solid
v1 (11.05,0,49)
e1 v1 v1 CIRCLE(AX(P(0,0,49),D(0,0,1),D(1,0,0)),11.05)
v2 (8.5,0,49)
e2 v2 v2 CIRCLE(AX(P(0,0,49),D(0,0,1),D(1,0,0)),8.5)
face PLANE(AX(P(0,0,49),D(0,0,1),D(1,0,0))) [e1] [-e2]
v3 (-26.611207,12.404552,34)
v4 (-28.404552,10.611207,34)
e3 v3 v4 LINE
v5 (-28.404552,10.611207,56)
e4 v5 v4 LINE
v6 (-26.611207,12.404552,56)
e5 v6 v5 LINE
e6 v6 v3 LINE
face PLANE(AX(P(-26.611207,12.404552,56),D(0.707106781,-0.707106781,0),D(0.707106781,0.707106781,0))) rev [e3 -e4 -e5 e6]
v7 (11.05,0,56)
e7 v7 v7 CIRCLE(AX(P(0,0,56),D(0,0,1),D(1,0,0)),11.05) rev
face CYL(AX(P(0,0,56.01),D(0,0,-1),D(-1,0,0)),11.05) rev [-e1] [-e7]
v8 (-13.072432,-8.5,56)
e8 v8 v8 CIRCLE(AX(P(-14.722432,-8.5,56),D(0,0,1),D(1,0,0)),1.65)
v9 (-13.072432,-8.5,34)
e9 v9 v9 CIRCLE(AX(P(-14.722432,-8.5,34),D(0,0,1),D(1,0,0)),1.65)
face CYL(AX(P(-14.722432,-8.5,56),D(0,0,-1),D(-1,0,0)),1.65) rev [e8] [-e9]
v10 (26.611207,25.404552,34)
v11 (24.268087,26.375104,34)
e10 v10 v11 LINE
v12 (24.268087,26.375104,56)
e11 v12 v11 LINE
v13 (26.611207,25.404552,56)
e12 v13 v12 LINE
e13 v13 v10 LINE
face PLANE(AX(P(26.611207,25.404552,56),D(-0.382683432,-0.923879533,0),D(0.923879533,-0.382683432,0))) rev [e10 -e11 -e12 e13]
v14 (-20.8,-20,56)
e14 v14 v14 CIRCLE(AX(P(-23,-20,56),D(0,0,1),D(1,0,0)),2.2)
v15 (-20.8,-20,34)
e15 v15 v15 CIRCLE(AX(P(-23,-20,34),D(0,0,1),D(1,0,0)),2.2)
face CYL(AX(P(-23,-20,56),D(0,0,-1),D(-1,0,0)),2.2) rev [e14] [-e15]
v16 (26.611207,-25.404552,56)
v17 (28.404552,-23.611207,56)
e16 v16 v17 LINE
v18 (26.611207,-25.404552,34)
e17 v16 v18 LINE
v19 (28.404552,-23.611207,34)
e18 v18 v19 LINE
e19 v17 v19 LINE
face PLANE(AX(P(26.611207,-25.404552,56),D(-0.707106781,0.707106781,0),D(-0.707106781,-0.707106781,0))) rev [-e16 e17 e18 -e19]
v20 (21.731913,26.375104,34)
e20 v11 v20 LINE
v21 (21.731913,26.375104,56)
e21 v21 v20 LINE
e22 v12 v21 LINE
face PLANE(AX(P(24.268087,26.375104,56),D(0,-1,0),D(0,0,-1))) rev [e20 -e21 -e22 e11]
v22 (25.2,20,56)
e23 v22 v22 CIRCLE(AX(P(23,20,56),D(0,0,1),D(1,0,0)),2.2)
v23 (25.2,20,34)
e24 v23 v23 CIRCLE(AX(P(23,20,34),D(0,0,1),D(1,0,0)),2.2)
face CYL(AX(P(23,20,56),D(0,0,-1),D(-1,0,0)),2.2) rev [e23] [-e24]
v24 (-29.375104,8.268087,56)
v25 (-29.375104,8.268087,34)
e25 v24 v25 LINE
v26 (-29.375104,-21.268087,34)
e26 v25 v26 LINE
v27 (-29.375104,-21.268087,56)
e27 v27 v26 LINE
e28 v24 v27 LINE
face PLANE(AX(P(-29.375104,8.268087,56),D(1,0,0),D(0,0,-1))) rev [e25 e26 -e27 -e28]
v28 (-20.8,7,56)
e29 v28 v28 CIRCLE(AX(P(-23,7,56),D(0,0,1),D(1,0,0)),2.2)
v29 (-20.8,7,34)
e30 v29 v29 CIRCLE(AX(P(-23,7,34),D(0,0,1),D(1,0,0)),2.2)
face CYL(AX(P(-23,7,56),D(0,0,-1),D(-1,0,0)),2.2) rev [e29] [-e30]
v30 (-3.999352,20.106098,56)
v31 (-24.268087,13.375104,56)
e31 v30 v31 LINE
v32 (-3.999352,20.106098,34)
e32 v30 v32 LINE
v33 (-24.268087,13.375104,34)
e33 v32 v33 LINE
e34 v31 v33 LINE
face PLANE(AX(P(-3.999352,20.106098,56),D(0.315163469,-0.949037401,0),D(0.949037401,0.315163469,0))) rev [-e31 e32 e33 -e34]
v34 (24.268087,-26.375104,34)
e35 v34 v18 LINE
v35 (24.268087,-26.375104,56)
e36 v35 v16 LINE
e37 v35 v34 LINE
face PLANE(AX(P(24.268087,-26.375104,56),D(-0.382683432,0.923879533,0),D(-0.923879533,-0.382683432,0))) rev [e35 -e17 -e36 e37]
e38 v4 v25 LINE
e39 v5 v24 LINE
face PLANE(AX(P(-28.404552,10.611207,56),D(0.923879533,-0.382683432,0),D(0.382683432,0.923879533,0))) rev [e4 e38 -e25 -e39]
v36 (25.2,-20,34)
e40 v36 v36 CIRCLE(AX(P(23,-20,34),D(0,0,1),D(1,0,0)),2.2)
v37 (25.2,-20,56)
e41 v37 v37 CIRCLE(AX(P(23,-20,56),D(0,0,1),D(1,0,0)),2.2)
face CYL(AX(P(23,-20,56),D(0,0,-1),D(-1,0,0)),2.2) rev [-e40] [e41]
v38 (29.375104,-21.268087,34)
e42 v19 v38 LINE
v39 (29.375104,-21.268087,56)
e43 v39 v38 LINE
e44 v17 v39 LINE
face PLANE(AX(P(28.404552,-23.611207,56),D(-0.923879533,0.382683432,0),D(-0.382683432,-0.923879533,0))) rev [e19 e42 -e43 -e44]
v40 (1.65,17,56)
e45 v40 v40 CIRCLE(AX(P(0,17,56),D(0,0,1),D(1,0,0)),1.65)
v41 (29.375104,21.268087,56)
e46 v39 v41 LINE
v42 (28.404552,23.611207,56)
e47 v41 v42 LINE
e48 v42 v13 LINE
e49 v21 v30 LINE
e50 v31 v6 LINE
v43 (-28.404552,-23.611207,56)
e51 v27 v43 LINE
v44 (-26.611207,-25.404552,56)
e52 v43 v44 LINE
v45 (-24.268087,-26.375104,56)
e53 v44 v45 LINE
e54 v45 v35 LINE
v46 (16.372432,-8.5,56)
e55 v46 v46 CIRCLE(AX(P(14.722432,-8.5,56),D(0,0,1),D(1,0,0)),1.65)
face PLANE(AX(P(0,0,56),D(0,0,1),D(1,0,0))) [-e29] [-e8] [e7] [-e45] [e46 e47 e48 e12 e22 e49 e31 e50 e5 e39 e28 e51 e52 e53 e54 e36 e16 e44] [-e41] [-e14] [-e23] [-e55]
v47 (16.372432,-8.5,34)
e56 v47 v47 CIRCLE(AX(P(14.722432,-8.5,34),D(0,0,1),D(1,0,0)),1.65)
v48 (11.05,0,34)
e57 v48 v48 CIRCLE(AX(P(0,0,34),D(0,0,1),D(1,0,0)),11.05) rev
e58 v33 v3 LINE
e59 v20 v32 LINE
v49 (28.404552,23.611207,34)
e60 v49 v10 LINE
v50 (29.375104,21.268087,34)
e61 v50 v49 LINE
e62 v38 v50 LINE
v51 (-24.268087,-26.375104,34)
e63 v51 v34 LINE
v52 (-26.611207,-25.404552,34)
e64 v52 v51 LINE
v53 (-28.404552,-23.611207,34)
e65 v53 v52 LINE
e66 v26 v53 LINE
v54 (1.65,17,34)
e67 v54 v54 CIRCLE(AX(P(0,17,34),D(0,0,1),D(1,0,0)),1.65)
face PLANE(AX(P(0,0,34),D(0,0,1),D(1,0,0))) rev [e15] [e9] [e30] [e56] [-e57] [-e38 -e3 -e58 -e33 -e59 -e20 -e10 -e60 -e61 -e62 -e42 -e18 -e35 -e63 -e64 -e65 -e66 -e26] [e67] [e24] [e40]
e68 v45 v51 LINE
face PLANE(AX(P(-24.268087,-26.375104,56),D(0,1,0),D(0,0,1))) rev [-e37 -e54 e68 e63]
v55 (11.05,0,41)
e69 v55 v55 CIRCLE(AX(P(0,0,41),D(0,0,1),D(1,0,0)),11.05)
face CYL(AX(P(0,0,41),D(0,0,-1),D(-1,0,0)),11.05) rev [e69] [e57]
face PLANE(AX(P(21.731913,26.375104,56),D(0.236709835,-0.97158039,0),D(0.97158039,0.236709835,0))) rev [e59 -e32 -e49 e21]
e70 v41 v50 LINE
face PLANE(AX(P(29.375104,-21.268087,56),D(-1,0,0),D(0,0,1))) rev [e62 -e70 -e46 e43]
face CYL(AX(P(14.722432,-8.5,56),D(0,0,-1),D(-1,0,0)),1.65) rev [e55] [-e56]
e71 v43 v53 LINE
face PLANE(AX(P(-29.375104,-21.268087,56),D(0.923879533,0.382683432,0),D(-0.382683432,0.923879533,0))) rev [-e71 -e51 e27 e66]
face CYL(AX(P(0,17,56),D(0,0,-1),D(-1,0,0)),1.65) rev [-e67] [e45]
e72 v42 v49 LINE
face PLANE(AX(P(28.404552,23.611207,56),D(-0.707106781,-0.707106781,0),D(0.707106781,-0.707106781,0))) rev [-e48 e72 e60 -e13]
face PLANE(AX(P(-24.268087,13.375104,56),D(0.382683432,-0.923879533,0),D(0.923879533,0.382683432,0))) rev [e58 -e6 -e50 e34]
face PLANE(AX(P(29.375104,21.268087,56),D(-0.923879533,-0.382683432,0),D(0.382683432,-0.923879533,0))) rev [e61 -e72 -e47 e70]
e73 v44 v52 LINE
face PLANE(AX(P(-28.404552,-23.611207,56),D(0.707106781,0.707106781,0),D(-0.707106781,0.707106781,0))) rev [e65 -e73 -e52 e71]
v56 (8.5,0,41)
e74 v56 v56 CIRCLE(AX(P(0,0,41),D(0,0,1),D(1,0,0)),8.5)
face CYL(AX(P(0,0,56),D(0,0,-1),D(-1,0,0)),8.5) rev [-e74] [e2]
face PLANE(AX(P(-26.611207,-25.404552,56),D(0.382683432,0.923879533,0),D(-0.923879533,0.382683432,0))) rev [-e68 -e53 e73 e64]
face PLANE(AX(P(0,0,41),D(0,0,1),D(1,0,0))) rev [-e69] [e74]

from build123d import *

# Parameters (mm, degrees)
CARTRIDGE_BODY_START    = 34
PROFILE_1_R             = 8.5
PROFILE_1_R_2           = 2.2
PROFILE_1_R_3           = 1.65
CARTRIDGE_BODY_DEPTH    = 22
INBOARD_608_SEAT_START  = 33.99
PROFILE_2_R             = 11.05
INBOARD_608_SEAT_DEPTH  = 7.01
OUTBOARD_608_SEAT_START = 49
PROFILE_3_R             = 11.05
OUTBOARD_608_SEAT_DEPTH = 7.01


with BuildPart() as part:
    # Profile_1 → Cartridge_body (new body)
    with BuildSketch(Plane.XY.offset(CARTRIDGE_BODY_START)):
        Polygon((-24.268087093, -26.375104323), (24.268087093, -26.375104323), (26.611206515, -25.40455248), (28.40455248, -23.611206515), (29.375104323, -21.268087093), (29.375104323, 21.268087093), (28.40455248, 23.611206515), (26.611206515, 25.40455248), (24.268087093, 26.375104323), (21.731912907, 26.375104323), (-3.999351601, 20.106098248), (-24.268087093, 13.375104323), (-26.611206515, 12.40455248), (-28.40455248, 10.611206515), (-29.375104323, 8.268087093), (-29.375104323, -21.268087093), (-28.40455248, -23.611206515), (-26.611206515, -25.40455248), align=None)
        Circle(PROFILE_1_R, mode=Mode.SUBTRACT)
        with Locations((-23, -20)):
            Circle(PROFILE_1_R_2, mode=Mode.SUBTRACT)
        with Locations((23, -20)):
            Circle(PROFILE_1_R_2, mode=Mode.SUBTRACT)
        with Locations((-23, 7)):
            Circle(PROFILE_1_R_2, mode=Mode.SUBTRACT)
        with Locations((23, 20)):
            Circle(PROFILE_1_R_2, mode=Mode.SUBTRACT)
        with Locations((0, 17)):
            Circle(PROFILE_1_R_3, mode=Mode.SUBTRACT)
        with Locations((-14.722431864, -8.5)):
            Circle(PROFILE_1_R_3, mode=Mode.SUBTRACT)
        with Locations((14.722431864, -8.5)):
            Circle(PROFILE_1_R_3, mode=Mode.SUBTRACT)
    extrude(amount=CARTRIDGE_BODY_DEPTH)

    # Profile_2 → Inboard_608_seat (cut)
    with BuildSketch(Plane.XY.offset(INBOARD_608_SEAT_START)):
        Circle(PROFILE_2_R)
    extrude(amount=INBOARD_608_SEAT_DEPTH, mode=Mode.SUBTRACT)

    # Profile_3 → Outboard_608_seat (cut)
    with BuildSketch(Plane.XY.offset(OUTBOARD_608_SEAT_START)):
        Circle(PROFILE_3_R)
    extrude(amount=OUTBOARD_608_SEAT_DEPTH, mode=Mode.SUBTRACT)


solid = part.part
